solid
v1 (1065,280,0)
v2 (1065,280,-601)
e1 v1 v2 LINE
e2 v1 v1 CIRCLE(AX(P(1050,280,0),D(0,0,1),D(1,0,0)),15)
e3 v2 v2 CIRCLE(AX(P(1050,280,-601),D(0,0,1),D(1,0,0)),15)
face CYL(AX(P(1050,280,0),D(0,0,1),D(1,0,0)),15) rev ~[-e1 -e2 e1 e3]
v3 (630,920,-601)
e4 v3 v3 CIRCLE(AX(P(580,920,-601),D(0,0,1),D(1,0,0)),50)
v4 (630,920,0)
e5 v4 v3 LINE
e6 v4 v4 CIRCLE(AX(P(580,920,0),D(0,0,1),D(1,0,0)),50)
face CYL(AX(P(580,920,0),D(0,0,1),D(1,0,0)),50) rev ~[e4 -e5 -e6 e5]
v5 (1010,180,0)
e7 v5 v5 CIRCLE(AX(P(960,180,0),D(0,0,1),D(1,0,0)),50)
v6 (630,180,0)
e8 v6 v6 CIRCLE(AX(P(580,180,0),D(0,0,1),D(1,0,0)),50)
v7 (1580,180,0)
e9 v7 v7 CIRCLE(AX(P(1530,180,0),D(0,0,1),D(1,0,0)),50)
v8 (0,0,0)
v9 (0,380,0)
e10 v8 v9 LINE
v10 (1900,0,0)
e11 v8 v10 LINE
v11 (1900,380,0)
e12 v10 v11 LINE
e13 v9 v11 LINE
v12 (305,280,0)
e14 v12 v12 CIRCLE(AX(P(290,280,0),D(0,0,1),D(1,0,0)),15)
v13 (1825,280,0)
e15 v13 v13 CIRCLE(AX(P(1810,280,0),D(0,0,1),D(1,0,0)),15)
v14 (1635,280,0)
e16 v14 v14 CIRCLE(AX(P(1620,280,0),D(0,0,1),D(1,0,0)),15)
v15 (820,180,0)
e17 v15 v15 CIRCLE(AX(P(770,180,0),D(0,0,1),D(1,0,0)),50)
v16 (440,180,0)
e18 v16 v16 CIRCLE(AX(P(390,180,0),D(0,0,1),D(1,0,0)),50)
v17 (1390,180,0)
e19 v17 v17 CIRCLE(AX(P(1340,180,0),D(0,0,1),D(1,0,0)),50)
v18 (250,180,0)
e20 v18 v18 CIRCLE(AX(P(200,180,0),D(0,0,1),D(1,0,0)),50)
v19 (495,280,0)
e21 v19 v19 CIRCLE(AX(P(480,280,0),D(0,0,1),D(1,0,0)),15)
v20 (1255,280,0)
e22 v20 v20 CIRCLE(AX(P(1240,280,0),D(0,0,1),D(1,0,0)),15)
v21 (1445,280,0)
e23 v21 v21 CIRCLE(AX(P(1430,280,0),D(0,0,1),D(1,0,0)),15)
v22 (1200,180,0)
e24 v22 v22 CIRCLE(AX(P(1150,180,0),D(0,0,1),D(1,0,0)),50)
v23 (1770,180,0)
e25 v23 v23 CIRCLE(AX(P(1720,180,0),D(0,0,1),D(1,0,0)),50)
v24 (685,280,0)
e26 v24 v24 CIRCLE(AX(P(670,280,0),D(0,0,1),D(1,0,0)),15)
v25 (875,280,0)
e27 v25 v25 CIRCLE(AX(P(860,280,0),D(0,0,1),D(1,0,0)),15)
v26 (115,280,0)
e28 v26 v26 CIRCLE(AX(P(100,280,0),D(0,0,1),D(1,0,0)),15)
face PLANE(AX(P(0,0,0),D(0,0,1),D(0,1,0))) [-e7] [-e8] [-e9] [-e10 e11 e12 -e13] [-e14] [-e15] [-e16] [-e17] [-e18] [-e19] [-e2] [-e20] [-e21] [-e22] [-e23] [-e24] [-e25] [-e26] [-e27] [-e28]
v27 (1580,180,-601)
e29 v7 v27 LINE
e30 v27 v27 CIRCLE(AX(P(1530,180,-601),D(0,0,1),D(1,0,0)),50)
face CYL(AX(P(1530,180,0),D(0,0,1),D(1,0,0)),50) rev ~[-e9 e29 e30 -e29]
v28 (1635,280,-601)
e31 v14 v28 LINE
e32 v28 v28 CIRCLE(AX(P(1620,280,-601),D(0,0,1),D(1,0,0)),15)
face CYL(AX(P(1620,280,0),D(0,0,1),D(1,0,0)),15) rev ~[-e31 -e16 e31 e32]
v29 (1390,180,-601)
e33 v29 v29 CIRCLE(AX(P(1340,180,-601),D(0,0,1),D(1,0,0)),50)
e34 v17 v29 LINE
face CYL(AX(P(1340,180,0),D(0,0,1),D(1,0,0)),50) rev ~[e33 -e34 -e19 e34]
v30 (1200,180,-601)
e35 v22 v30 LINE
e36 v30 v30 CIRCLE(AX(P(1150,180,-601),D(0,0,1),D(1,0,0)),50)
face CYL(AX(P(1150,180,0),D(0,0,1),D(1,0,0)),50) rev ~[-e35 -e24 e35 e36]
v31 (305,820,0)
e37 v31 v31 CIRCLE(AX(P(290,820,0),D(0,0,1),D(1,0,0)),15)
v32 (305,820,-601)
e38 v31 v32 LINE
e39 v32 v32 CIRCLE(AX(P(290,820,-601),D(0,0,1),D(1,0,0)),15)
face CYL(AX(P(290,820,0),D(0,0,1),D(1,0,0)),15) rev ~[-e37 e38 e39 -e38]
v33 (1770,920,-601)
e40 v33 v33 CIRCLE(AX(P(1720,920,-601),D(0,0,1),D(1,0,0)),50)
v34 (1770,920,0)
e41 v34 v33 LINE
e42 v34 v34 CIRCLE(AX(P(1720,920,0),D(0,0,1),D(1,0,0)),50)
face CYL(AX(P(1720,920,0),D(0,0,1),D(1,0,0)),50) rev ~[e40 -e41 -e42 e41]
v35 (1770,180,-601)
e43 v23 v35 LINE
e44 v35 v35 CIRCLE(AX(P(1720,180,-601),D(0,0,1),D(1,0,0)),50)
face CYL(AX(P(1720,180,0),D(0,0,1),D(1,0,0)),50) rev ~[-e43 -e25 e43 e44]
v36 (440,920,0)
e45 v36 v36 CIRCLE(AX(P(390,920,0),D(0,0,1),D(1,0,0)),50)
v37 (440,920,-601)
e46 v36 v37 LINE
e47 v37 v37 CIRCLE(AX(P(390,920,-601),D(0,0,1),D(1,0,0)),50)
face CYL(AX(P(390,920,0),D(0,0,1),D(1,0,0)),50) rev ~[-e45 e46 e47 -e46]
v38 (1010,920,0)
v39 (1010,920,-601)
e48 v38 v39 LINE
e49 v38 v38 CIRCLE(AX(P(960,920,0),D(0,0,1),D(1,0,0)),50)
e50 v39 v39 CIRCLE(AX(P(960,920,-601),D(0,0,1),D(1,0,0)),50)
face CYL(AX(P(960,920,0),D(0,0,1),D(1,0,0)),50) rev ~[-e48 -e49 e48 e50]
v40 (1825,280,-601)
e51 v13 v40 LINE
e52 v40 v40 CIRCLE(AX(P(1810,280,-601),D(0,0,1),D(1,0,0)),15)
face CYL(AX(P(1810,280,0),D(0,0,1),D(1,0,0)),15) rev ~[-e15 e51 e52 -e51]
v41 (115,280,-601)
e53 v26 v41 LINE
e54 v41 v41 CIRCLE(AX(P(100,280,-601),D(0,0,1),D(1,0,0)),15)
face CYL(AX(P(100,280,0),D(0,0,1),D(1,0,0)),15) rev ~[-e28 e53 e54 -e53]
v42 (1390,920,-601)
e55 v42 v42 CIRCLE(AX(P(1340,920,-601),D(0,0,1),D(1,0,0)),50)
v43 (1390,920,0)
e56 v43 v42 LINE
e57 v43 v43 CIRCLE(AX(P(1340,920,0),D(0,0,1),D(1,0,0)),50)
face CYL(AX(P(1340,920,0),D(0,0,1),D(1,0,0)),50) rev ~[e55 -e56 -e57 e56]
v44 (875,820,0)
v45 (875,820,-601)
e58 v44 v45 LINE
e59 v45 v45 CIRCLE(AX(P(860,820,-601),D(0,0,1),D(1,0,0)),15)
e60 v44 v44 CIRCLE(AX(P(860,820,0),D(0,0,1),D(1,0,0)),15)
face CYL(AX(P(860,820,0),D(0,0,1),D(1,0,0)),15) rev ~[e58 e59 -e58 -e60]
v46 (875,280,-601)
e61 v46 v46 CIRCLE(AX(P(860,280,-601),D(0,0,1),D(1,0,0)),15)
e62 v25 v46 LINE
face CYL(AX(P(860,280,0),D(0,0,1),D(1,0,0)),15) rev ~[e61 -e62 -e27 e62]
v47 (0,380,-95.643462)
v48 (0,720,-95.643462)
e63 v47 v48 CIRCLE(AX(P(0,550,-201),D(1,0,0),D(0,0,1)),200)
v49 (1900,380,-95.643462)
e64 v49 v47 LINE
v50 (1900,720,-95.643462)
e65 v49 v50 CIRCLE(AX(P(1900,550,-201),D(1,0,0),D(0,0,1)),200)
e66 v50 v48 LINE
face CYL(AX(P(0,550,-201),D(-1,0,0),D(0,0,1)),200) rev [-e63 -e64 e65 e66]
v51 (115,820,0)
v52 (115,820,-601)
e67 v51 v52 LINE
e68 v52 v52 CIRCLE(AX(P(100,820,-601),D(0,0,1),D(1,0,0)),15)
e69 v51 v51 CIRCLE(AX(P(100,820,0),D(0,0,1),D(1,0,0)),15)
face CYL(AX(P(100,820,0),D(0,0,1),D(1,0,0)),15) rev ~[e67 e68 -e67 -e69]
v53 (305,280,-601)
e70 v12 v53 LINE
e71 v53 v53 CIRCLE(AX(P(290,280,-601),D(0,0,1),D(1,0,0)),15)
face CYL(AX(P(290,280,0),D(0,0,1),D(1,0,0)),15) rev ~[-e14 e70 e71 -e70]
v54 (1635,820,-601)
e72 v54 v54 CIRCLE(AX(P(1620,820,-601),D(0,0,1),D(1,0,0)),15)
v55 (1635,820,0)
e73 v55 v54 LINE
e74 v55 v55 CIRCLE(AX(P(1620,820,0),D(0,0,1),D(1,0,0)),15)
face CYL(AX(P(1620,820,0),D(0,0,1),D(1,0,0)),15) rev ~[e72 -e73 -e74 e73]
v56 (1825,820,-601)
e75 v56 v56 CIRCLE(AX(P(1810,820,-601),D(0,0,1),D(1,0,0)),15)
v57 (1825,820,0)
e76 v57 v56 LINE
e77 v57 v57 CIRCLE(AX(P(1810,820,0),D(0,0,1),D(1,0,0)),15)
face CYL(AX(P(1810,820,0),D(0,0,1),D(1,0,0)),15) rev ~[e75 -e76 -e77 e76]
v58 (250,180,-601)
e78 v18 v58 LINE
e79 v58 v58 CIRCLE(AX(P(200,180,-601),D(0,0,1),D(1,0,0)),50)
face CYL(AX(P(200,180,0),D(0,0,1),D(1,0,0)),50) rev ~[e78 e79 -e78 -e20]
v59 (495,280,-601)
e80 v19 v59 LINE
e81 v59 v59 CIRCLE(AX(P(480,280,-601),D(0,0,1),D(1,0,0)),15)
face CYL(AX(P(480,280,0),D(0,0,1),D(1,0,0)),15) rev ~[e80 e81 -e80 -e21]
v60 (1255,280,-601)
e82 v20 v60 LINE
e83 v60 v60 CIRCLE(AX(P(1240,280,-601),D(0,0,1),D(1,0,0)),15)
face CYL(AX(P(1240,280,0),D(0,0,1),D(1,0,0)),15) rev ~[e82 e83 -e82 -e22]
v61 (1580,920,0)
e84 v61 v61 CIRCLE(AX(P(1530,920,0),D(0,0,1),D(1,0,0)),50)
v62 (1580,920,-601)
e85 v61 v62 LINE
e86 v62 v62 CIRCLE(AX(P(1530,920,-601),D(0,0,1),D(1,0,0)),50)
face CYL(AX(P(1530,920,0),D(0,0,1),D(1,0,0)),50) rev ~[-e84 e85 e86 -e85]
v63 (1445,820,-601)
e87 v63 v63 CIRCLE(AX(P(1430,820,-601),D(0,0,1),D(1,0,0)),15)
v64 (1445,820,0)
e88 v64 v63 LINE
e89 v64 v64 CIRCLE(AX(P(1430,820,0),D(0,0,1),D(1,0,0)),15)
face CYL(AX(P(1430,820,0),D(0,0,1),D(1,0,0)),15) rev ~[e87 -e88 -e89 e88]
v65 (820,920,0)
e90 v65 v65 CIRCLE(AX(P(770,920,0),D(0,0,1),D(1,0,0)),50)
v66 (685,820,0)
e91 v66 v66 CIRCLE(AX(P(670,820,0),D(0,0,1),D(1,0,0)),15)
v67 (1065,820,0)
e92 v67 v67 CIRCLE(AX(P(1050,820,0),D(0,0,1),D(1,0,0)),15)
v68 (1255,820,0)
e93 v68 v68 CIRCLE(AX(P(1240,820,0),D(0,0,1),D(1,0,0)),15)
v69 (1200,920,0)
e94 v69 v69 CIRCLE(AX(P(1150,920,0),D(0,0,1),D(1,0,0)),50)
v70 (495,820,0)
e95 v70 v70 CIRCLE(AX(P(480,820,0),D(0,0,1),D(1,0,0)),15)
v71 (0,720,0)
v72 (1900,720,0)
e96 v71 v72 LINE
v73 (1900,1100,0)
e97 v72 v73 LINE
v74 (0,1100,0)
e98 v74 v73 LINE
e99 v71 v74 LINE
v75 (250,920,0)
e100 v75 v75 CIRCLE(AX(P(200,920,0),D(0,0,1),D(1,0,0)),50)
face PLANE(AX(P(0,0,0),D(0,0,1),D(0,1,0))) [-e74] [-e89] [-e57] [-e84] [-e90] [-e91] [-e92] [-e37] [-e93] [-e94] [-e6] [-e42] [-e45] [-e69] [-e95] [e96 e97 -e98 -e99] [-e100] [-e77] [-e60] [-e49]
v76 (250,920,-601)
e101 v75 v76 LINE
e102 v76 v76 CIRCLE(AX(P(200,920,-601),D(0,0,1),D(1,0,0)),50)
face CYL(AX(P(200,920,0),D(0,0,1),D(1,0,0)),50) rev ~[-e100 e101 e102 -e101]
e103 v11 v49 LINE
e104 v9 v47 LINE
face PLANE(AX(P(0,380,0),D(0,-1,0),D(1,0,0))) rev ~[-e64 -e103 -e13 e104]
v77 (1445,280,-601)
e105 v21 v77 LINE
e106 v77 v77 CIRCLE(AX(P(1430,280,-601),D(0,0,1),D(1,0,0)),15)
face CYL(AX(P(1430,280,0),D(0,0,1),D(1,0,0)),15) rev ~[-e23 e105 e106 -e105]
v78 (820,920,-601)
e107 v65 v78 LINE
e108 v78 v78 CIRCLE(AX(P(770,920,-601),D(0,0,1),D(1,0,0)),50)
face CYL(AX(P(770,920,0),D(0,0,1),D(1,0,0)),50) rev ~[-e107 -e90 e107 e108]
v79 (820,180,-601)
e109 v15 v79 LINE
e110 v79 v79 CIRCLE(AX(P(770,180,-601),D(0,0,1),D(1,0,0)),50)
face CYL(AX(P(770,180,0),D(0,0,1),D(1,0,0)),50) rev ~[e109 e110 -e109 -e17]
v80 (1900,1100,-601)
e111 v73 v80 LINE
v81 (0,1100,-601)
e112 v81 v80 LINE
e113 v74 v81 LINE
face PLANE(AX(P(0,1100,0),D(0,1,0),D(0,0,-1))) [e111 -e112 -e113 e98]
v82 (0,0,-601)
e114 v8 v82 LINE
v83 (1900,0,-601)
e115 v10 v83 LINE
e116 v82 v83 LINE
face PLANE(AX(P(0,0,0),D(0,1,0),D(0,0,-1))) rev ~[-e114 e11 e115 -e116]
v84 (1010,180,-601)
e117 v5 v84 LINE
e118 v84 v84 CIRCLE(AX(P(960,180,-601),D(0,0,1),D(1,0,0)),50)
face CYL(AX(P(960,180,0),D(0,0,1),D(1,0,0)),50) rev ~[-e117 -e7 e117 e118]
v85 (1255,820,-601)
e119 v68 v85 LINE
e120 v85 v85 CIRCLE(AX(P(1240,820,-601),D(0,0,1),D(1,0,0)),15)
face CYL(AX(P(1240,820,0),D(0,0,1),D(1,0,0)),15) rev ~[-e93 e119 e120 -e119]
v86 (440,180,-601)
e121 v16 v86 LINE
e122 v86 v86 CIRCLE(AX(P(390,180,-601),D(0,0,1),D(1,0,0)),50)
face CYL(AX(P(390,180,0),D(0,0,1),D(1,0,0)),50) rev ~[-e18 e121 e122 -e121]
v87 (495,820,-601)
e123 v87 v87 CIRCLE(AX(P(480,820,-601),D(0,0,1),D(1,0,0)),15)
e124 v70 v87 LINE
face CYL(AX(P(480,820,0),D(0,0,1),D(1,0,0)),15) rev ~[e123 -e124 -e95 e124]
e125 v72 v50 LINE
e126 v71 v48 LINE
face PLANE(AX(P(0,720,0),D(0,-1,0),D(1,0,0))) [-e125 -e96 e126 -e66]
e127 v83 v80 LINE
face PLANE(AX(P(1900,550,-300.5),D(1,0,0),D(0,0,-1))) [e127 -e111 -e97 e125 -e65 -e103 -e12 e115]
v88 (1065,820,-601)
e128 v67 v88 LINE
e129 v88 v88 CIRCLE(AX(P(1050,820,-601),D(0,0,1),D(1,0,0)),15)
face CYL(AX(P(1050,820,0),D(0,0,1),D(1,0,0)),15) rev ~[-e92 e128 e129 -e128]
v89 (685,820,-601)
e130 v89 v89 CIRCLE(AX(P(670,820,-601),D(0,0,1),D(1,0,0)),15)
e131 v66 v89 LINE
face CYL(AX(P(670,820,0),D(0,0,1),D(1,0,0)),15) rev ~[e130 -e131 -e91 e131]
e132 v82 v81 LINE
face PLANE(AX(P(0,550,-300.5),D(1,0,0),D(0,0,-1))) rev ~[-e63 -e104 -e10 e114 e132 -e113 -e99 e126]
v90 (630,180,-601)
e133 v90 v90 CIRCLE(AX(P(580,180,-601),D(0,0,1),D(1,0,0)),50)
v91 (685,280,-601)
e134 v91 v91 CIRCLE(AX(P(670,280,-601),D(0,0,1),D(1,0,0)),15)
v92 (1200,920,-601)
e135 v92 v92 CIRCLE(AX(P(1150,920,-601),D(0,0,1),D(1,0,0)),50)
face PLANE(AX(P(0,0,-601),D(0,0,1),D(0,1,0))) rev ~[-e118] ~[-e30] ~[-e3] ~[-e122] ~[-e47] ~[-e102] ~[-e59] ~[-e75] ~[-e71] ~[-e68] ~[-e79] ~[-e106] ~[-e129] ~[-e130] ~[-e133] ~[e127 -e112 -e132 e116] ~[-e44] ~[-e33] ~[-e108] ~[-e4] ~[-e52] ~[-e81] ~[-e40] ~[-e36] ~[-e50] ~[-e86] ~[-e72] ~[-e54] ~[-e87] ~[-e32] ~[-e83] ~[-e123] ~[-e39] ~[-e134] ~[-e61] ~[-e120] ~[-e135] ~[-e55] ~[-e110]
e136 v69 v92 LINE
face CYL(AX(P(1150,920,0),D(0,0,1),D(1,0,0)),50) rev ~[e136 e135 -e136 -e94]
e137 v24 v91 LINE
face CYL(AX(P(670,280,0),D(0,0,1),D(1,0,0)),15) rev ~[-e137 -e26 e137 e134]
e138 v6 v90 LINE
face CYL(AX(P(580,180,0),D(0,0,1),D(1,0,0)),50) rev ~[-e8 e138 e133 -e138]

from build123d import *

# Parameters (mm, degrees)
SKETCH1_W           = 601
SKETCH1_H           = 1100
SKETCH1_R           = 200
BOSS_EXTRUDE1_DEPTH = 1900
SKETCH2_W           = 1900
SKETCH2_H           = 340
CUT_EXTRUDE1_DEPTH  = 300
SKETCH3_R           = 15
SKETCH3_R_2         = 50
CUT_EXTRUDE2_DEPTH  = 2277.225164609


with BuildPart() as part:
    # Sketch1 → Boss-Extrude1 (new body)
    with BuildSketch(Plane(origin=(0, 0, 0), x_dir=(0, 0, -1), z_dir=(1, 0, 0))):
        with Locations((300.5, 550)):
            Rectangle(SKETCH1_W, SKETCH1_H)
        with Locations(Location((201, 550, 0), (0, 0, 180))):
            Circle(SKETCH1_R, mode=Mode.SUBTRACT)
    extrude(amount=BOSS_EXTRUDE1_DEPTH)

    # Sketch2 → Cut-Extrude1 (cut)
    with BuildSketch(Plane.XY):
        with Locations((950, 550)):
            Rectangle(SKETCH2_W, SKETCH2_H)
    extrude(amount=-CUT_EXTRUDE1_DEPTH, mode=Mode.SUBTRACT)

    # Sketch3 → Cut-Extrude2 (cut, through all)
    with BuildSketch(Plane.XY):
        with Locations((100, 820)):
            Circle(SKETCH3_R)
        with Locations((200, 920)):
            Circle(SKETCH3_R_2)
        with Locations((290, 820)):
            Circle(SKETCH3_R)
        with Locations((480, 820)):
            Circle(SKETCH3_R)
        with Locations((670, 820)):
            Circle(SKETCH3_R)
        with Locations((860, 820)):
            Circle(SKETCH3_R)
        with Locations((1050, 820)):
            Circle(SKETCH3_R)
        with Locations((1240, 820)):
            Circle(SKETCH3_R)
        with Locations((1430, 820)):
            Circle(SKETCH3_R)
        with Locations((1620, 820)):
            Circle(SKETCH3_R)
        with Locations((1810, 820)):
            Circle(SKETCH3_R)
        with Locations((290, 280)):
            Circle(SKETCH3_R)
        with Locations((480, 280)):
            Circle(SKETCH3_R)
        with Locations((670, 280)):
            Circle(SKETCH3_R)
        with Locations((860, 280)):
            Circle(SKETCH3_R)
        with Locations((1050, 280)):
            Circle(SKETCH3_R)
        with Locations((1240, 280)):
            Circle(SKETCH3_R)
        with Locations((1430, 280)):
            Circle(SKETCH3_R)
        with Locations((1620, 280)):
            Circle(SKETCH3_R)
        with Locations((1810, 280)):
            Circle(SKETCH3_R)
        with Locations((100, 280)):
            Circle(SKETCH3_R)
        with Locations((390, 920)):
            Circle(SKETCH3_R_2)
        with Locations((580, 920)):
            Circle(SKETCH3_R_2)
        with Locations((770, 920)):
            Circle(SKETCH3_R_2)
        with Locations((960, 920)):
            Circle(SKETCH3_R_2)
        with Locations((1150, 920)):
            Circle(SKETCH3_R_2)
        with Locations((1340, 920)):
            Circle(SKETCH3_R_2)
        with Locations((1530, 920)):
            Circle(SKETCH3_R_2)
        with Locations((1720, 920)):
            Circle(SKETCH3_R_2)
        with Locations((390, 180)):
            Circle(SKETCH3_R_2)
        with Locations((580, 180)):
            Circle(SKETCH3_R_2)
        with Locations((770, 180)):
            Circle(SKETCH3_R_2)
        with Locations((960, 180)):
            Circle(SKETCH3_R_2)
        with Locations((1150, 180)):
            Circle(SKETCH3_R_2)
        with Locations((1340, 180)):
            Circle(SKETCH3_R_2)
        with Locations((1530, 180)):
            Circle(SKETCH3_R_2)
        with Locations((1720, 180)):
            Circle(SKETCH3_R_2)
        with Locations((200, 180)):
            Circle(SKETCH3_R_2)
    extrude(amount=-CUT_EXTRUDE2_DEPTH, mode=Mode.SUBTRACT)


solid = part.part
